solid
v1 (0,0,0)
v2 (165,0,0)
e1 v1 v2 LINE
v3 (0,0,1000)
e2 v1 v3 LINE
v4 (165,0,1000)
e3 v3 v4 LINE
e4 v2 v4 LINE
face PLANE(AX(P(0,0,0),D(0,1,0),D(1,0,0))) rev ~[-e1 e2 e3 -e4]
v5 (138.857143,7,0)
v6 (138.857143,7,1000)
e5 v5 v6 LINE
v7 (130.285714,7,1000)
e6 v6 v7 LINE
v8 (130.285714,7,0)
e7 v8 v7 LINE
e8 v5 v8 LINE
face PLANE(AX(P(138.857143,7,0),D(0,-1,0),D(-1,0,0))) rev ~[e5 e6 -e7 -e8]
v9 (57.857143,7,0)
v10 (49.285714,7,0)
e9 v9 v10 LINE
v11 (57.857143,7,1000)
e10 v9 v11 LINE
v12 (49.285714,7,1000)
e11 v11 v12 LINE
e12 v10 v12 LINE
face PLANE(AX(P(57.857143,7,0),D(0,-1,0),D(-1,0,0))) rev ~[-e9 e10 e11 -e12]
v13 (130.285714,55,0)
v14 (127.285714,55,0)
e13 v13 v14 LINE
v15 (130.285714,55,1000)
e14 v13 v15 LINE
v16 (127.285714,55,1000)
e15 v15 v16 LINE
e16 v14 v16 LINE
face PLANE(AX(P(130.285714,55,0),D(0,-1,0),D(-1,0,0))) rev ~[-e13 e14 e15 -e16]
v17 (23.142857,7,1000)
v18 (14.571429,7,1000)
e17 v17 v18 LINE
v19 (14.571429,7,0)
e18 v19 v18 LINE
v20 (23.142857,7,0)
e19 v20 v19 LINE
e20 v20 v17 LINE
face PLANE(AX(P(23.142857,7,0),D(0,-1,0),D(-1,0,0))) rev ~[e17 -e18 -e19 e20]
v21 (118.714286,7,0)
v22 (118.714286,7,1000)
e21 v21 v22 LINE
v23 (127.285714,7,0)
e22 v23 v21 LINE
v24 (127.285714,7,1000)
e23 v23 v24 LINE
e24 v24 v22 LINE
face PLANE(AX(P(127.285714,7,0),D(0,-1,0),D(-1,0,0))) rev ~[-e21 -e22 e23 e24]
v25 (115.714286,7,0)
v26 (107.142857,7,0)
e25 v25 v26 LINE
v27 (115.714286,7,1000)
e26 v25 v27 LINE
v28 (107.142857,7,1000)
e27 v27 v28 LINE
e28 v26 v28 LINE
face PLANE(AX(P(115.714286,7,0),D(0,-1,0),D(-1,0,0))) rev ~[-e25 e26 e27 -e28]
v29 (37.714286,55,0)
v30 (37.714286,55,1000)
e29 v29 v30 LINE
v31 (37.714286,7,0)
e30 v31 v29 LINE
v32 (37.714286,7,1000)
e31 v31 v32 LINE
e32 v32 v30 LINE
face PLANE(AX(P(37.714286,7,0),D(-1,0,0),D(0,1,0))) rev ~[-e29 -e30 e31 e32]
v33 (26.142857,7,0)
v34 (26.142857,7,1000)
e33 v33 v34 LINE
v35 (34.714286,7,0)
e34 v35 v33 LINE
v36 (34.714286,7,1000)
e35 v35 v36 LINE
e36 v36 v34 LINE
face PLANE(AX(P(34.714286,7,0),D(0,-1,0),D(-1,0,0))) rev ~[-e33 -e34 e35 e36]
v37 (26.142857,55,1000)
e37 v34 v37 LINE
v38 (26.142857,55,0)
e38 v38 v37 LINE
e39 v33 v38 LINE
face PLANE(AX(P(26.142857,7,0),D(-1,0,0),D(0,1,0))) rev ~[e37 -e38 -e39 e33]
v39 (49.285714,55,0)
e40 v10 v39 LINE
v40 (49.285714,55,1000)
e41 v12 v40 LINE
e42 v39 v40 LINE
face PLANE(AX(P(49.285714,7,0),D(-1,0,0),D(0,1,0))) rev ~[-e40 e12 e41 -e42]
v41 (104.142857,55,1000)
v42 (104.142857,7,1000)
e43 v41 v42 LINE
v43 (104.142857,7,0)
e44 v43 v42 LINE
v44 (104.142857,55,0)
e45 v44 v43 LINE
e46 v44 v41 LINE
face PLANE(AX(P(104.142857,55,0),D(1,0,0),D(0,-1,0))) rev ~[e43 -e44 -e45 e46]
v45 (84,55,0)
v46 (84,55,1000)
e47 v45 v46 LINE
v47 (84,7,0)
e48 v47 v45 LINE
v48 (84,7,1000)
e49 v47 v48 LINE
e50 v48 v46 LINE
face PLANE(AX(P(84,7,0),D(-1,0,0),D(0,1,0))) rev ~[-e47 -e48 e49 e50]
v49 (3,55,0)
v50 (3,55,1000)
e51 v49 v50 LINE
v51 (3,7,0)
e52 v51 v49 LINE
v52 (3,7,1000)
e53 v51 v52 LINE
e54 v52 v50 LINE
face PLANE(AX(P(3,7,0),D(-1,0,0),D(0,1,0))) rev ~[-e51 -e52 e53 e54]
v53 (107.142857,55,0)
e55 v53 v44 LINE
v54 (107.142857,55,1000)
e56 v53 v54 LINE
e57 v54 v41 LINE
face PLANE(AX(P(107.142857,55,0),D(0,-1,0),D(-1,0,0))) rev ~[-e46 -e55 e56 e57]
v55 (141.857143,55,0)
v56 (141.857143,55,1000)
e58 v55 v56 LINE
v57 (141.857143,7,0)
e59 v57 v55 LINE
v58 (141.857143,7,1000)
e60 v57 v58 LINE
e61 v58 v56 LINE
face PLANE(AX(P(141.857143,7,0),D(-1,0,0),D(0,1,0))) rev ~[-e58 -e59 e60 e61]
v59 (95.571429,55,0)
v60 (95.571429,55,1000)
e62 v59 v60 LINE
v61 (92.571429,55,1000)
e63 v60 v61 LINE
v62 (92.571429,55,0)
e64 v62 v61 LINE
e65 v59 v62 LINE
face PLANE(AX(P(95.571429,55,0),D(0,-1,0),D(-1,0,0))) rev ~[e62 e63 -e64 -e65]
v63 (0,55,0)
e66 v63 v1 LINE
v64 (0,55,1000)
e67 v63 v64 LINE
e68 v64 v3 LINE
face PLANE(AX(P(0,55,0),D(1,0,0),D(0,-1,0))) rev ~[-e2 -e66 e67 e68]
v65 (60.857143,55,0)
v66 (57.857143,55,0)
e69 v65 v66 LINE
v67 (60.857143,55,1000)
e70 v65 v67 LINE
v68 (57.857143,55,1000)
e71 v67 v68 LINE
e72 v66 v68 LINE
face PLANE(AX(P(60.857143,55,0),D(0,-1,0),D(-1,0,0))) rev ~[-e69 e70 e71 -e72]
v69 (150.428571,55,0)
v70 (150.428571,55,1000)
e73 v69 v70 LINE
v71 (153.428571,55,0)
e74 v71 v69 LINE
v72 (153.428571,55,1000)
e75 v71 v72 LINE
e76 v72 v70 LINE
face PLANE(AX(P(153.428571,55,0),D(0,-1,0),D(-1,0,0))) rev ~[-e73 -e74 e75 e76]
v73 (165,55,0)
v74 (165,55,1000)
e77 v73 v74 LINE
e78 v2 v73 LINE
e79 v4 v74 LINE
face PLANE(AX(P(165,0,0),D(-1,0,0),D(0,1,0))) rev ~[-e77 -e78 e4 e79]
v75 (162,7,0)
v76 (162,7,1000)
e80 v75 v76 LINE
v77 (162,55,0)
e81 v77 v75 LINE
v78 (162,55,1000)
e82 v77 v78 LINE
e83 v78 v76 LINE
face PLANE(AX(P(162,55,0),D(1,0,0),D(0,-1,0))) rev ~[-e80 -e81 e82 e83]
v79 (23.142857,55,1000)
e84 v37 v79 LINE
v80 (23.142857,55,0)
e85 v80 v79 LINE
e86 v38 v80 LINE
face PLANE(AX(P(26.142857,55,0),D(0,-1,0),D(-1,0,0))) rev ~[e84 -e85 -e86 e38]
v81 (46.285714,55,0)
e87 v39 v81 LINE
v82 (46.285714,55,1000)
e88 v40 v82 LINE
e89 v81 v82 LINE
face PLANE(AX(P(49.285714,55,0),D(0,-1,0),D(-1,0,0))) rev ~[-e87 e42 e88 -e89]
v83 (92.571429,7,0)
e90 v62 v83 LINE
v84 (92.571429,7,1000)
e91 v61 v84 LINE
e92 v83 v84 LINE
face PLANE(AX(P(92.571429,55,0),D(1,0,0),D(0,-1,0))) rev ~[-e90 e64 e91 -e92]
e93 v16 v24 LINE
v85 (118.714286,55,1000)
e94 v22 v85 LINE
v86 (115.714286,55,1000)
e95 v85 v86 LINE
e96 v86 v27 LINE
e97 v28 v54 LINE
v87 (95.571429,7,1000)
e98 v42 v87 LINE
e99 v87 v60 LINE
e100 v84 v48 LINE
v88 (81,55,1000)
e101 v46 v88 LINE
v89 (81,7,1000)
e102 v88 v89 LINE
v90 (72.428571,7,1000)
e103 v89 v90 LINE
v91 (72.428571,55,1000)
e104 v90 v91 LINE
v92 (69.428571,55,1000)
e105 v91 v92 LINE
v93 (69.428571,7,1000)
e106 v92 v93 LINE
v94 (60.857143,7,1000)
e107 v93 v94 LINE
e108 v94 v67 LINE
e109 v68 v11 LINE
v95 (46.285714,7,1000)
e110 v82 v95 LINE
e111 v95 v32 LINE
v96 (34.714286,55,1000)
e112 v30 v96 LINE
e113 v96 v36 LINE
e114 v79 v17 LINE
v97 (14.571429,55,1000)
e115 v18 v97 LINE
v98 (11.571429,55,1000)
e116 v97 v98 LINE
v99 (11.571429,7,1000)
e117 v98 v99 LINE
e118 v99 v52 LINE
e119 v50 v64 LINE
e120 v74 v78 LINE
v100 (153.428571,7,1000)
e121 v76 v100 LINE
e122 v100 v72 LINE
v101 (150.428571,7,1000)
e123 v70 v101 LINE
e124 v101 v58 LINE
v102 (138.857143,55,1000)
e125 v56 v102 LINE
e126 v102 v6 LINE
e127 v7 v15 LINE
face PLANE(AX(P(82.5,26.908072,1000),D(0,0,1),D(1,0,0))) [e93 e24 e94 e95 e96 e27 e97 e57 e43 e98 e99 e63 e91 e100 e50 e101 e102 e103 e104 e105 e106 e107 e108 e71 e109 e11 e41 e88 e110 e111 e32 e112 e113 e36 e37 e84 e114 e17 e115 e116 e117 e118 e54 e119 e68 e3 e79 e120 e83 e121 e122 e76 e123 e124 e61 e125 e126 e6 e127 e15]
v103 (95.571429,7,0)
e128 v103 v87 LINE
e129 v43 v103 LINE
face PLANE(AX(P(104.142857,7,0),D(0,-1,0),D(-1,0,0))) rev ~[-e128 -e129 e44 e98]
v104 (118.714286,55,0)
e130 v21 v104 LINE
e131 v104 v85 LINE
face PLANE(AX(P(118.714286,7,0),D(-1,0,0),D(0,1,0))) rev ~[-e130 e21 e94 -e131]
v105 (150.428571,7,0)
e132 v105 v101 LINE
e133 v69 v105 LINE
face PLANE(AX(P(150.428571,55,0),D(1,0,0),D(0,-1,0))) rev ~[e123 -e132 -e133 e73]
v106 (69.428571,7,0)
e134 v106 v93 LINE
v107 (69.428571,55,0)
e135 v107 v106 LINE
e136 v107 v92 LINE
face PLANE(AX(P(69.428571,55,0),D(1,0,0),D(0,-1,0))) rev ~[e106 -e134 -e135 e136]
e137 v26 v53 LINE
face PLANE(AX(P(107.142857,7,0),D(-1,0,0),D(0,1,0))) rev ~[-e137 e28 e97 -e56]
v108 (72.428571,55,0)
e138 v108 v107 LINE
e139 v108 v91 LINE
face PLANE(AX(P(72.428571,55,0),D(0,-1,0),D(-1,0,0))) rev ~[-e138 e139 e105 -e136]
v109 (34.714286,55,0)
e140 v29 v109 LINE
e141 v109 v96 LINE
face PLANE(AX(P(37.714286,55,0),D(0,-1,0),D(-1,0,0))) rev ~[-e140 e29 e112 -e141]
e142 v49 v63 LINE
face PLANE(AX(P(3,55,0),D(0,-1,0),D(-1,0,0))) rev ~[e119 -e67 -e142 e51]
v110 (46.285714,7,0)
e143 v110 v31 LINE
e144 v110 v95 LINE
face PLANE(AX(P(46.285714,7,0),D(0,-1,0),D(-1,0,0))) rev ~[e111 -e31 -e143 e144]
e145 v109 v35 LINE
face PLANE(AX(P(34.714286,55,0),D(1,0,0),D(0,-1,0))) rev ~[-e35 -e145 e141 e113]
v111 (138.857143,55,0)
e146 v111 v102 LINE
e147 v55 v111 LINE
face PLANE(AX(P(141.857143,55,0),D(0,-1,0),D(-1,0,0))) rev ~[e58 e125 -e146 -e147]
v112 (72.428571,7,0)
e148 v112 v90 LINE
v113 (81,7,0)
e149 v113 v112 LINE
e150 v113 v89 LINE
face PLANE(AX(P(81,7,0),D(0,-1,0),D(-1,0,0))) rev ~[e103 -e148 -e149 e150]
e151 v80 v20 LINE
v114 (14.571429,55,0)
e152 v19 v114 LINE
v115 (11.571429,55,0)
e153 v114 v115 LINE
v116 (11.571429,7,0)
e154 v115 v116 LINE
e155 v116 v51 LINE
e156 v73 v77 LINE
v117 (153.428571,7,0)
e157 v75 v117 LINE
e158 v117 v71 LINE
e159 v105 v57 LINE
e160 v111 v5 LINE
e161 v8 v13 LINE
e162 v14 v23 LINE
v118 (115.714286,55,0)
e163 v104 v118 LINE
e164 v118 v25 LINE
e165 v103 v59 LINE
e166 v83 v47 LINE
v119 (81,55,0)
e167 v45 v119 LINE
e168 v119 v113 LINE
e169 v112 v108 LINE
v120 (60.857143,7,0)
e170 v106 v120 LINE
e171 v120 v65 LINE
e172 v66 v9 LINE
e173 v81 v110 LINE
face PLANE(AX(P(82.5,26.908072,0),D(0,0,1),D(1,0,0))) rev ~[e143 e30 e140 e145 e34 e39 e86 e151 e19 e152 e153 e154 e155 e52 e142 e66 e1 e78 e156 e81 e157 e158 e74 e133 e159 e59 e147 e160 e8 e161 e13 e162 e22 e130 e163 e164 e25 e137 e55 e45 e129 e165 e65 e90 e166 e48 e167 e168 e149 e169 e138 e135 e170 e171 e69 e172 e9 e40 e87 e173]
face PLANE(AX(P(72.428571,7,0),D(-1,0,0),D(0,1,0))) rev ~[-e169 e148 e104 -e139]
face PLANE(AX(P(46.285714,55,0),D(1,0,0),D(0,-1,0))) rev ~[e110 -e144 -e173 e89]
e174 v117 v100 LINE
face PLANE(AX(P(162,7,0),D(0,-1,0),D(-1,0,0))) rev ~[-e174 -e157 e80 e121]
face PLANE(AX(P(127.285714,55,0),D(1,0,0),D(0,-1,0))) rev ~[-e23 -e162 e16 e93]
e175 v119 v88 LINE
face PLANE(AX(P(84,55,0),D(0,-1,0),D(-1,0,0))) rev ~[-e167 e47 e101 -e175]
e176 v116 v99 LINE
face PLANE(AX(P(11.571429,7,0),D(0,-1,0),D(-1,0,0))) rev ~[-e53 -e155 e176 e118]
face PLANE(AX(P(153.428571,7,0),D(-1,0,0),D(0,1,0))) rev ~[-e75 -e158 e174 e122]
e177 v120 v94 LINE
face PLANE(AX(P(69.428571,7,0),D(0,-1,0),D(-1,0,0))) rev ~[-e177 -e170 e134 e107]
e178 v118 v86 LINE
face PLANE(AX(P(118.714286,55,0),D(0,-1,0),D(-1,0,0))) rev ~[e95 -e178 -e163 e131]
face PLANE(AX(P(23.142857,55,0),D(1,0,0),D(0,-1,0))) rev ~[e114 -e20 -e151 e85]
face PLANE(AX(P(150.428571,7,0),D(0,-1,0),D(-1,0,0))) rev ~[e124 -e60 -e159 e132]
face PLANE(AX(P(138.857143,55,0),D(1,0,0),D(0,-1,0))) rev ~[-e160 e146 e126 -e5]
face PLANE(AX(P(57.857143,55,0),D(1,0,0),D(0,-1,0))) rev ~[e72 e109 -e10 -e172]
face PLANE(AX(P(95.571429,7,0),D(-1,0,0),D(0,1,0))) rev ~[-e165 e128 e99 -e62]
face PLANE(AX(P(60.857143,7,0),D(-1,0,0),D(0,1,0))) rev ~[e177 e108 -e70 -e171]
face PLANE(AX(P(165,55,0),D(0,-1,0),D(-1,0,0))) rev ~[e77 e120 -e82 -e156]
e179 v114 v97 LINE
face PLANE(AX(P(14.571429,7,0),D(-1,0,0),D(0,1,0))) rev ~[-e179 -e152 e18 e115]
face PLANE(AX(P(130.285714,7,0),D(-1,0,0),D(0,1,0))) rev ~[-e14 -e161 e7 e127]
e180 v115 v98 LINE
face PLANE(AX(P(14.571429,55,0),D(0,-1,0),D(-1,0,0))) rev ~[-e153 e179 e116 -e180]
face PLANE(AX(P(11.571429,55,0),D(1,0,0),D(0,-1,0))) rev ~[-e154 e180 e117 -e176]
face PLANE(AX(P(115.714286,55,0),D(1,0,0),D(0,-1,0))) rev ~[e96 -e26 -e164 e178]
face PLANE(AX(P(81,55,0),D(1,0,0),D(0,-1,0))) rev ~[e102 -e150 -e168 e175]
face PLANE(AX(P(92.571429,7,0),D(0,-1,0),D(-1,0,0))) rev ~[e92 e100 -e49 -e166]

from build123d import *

# Parameters (mm, degrees)
BOSS_EXTRUDE1_DEPTH = 1000


with BuildPart() as part:
    # Sketch1 → Boss-Extrude1 (new body)
    with BuildSketch(Plane.XY):
        Polygon((11.571428571, 55), (11.571428571, 7), (3, 7), (3, 55), (0, 55), (0, 7), (0, 0), (165, 0), (165, 7), (165, 10), (165, 55), (162, 55), (162, 7), (153.428571429, 7), (153.428571429, 55), (150.428571429, 55), (150.428571429, 7), (141.857142857, 7), (141.857142857, 55), (138.857142857, 55), (138.857142857, 7), (130.285714286, 7), (130.285714286, 55), (127.285714286, 55), (127.285714286, 7), (118.714285714, 7), (118.714285714, 55), (115.714285714, 55), (115.714285714, 7), (107.142857143, 7), (107.142857143, 55), (104.142857143, 55), (104.142857143, 7), (95.571428571, 7), (95.571428571, 55), (92.571428571, 55), (92.571428571, 7), (84, 7), (84, 55), (81, 55), (81, 7), (72.428571429, 7), (72.428571429, 55), (69.428571429, 55), (69.428571429, 7), (60.857142857, 7), (60.857142857, 55), (57.857142857, 55), (57.857142857, 7), (49.285714286, 7), (49.285714286, 55), (46.285714286, 55), (46.285714286, 7), (37.714285714, 7), (37.714285714, 55), (34.714285714, 55), (34.714285714, 7), (26.142857143, 7), (26.142857143, 55), (23.142857143, 55), (23.142857143, 7), (14.571428571, 7), (14.571428571, 55), align=None)
    extrude(amount=BOSS_EXTRUDE1_DEPTH)


solid = part.part
